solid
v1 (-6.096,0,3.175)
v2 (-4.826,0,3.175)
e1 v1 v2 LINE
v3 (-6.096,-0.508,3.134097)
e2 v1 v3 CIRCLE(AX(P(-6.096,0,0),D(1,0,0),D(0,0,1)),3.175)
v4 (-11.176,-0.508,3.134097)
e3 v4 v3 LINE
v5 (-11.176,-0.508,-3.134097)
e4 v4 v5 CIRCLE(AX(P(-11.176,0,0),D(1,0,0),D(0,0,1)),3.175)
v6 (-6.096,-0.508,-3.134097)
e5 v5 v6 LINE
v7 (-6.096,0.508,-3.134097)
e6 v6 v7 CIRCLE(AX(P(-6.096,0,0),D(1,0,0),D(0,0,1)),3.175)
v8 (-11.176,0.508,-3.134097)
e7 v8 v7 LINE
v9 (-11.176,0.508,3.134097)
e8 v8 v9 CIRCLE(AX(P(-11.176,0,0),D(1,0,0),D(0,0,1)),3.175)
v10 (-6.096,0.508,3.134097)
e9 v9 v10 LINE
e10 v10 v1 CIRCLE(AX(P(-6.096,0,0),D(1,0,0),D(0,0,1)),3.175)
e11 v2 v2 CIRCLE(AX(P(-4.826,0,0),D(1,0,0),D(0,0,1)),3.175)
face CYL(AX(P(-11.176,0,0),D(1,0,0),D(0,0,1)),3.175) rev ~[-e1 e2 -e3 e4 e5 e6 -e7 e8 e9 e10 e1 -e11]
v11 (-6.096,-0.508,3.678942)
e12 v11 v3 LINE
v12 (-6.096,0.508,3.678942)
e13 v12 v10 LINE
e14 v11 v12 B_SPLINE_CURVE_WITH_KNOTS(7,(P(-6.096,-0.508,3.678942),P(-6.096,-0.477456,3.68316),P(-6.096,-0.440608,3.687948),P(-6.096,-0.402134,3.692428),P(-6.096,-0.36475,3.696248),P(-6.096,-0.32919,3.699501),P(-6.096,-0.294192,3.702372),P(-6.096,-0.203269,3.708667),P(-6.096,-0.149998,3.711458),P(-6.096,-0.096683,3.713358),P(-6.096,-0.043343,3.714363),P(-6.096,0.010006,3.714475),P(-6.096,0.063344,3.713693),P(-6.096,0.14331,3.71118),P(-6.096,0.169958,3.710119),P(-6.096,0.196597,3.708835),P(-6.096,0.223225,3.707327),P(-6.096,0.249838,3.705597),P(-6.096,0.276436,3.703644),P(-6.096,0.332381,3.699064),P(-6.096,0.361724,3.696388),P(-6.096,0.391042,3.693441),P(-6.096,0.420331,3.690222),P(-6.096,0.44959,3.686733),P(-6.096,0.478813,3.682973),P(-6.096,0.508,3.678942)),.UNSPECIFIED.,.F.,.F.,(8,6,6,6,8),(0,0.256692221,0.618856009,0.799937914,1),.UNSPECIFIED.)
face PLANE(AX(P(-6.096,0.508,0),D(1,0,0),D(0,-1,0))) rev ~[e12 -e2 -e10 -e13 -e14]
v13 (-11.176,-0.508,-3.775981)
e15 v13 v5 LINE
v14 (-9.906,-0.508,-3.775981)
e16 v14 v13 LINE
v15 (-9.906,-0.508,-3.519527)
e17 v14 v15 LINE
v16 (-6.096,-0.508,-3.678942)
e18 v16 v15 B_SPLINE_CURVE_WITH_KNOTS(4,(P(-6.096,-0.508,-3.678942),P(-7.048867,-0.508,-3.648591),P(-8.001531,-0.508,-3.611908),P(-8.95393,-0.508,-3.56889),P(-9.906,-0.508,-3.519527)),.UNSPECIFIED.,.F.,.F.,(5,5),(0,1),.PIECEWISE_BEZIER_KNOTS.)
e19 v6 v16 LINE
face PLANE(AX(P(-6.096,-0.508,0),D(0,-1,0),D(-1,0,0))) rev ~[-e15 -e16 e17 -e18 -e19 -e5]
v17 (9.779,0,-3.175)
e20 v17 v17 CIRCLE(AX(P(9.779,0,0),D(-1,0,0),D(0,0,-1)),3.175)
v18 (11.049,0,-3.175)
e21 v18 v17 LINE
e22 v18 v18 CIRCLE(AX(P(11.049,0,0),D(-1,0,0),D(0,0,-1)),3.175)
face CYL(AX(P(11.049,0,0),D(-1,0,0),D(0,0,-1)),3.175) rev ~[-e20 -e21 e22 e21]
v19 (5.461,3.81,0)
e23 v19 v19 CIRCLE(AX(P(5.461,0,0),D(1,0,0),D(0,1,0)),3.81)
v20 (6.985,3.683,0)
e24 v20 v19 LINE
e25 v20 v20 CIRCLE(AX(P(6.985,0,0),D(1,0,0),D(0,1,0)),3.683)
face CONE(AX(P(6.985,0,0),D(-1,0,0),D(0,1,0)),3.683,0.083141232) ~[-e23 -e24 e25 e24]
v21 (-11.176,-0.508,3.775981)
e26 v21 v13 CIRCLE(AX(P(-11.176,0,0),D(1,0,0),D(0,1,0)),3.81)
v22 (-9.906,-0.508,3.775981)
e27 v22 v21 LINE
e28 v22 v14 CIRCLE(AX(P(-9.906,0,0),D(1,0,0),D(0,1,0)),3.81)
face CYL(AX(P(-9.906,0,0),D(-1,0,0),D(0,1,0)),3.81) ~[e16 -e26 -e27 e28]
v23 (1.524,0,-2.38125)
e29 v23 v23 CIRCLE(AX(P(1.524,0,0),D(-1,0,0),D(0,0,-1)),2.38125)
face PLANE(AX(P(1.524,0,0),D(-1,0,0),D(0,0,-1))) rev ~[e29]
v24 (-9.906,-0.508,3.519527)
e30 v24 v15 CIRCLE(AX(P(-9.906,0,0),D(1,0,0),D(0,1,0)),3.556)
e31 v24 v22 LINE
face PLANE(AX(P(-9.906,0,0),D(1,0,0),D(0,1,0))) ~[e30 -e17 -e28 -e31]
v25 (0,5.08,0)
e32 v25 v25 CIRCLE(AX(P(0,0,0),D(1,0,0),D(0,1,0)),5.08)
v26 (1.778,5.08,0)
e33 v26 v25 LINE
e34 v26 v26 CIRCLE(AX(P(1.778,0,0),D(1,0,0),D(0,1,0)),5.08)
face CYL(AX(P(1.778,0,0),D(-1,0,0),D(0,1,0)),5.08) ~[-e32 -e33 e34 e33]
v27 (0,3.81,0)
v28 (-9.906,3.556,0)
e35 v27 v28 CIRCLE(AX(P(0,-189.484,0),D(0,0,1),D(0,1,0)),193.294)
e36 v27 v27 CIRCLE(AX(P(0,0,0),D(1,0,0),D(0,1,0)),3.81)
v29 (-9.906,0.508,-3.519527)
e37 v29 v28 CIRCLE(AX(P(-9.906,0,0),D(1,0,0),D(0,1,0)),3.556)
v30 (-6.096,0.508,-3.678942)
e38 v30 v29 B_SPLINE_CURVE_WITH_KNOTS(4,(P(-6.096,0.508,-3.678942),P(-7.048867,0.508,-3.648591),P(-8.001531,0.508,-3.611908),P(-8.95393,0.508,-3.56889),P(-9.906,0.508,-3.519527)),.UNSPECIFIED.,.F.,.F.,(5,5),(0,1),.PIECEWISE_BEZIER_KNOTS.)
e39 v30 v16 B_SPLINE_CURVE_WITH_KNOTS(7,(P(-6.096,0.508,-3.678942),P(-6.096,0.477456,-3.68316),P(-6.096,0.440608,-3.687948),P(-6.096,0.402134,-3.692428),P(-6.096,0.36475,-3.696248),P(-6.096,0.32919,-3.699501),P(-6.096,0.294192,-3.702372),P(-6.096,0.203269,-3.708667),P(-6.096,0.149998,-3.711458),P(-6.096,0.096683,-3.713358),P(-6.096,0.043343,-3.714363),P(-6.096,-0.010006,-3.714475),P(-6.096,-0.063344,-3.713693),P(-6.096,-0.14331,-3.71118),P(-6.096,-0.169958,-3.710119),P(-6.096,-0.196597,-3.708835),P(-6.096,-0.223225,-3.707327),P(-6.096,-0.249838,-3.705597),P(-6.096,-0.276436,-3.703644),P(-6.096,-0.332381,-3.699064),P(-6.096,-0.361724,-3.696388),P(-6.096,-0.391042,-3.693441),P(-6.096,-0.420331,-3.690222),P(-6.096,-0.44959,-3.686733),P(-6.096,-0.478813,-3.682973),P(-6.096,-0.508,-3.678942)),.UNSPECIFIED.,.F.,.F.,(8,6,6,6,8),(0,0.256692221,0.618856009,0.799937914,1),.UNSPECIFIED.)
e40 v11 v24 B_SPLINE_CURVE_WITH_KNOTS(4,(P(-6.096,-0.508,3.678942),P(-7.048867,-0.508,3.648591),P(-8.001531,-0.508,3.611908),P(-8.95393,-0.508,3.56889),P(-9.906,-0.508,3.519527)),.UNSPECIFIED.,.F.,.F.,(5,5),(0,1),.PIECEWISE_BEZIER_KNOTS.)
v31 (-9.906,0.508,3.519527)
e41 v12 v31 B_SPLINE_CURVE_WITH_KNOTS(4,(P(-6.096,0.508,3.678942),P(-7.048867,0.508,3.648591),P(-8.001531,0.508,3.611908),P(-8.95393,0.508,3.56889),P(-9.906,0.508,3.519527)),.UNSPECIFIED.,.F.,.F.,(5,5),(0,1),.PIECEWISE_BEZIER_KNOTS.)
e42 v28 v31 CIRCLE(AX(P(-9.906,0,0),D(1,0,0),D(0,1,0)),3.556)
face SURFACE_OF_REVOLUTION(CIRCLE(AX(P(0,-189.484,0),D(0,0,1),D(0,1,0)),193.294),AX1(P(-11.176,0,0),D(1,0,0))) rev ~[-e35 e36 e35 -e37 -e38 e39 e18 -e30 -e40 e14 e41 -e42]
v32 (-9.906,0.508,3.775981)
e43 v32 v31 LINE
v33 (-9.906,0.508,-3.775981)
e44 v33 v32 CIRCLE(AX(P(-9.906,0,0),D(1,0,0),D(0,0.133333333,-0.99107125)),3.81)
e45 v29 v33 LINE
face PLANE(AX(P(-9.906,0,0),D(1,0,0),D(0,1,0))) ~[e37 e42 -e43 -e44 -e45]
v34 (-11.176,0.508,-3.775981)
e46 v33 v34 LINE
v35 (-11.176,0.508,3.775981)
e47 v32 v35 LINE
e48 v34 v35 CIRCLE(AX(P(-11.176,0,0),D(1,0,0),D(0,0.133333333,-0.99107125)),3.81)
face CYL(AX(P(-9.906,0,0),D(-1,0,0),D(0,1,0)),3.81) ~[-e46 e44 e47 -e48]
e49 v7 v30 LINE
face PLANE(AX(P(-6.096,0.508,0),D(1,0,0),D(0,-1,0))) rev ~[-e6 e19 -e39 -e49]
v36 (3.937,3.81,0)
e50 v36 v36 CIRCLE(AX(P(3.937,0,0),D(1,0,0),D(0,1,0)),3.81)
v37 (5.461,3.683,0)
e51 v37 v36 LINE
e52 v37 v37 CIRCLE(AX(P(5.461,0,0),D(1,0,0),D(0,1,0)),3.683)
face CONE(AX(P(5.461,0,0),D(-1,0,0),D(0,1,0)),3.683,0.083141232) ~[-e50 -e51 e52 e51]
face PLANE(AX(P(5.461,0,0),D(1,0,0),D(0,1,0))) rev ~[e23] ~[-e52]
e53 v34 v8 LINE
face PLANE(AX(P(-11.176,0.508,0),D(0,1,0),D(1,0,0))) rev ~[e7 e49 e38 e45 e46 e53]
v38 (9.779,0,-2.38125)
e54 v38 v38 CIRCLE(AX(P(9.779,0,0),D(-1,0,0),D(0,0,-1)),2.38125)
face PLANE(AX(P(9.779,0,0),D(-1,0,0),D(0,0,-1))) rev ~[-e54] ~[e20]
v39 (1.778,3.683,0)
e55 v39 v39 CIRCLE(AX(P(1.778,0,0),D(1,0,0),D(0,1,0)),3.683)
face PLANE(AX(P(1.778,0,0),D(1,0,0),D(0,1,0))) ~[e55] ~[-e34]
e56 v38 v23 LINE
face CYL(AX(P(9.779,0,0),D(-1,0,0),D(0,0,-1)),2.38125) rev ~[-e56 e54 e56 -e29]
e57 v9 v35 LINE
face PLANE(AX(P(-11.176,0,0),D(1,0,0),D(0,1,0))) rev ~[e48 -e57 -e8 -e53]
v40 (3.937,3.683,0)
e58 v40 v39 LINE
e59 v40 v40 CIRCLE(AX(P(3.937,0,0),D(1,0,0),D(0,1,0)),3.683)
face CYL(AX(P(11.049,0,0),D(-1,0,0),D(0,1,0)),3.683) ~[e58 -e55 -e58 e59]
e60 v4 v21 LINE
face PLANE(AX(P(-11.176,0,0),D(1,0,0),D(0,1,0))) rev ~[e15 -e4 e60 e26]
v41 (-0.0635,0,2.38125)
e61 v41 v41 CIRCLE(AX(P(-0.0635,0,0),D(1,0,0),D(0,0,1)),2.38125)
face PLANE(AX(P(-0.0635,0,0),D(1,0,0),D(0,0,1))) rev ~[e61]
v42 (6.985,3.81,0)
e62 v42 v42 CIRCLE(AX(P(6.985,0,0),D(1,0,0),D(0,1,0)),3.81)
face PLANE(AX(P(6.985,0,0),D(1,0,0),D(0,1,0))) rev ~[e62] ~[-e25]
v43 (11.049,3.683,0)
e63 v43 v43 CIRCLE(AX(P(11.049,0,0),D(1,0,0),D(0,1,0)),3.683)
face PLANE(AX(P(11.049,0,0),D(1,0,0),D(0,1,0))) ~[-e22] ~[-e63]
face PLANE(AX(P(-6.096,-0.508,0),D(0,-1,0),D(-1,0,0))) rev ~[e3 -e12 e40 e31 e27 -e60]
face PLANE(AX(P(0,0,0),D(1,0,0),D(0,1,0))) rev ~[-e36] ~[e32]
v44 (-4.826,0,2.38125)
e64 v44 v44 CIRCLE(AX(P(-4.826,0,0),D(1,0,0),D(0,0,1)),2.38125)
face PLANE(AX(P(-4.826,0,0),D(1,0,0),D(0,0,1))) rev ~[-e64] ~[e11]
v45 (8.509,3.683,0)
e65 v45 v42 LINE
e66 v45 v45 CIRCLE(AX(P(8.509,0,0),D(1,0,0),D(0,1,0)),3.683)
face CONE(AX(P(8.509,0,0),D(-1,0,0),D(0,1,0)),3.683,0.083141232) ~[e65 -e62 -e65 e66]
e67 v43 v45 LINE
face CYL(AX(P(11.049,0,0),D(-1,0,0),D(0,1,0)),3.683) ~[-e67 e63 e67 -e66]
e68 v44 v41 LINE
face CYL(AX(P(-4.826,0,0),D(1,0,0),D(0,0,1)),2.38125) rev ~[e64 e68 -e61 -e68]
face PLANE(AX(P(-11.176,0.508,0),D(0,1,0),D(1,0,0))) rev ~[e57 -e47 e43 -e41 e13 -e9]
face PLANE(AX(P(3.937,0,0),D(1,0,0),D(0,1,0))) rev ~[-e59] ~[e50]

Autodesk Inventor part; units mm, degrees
ref_plane "YZ Plane" through (0, 0, 0) normal (1, 0, 0) x (0, 1, 0)
ref_plane "XZ Plane" through (0, 0, 0) normal (0, 1, 0) x (-1, 0, 0)
ref_plane "XY Plane" through (0, 0, 0) normal (0, 0, 1) x (1, 0, 0)
sketch "Sketch1" plane through (0, 0, 0) normal (0, 0, 1) x (1, 0, 0)
  line L0 (0, 0) -> (1.778, 0)
  line L1 (1.778, 0) -> (1.778, 5.08)
  line L2 (1.778, 5.08) -> (0, 5.08)
  line L3 (0, 5.08) -> (0, 0)
  line L4 (1.778, 0) -> (11.049, 0)
  line L5 (11.049, 0) -> (11.049, 3.683)
  line L6 (11.049, 3.683) -> (1.778, 3.683)
  line L7 (1.778, 3.683) -> (1.778, 0)
  line L8 (8.509, 3.683) -> (6.985, 3.81)
  line L9 (6.985, 3.81) -> (6.985, 3.683)
  line L10 (6.985, 3.683) -> (5.461, 3.81)
  line L11 (5.461, 3.81) -> (5.461, 3.683)
  line L12 (5.461, 3.683) -> (3.937, 3.81)
  line L13 (3.937, 3.81) -> (3.937, 3.683)
  line L14 (0, 0) -> (0, 3.1252)
  line L15 (0, 3.81) -> (0.889, 3.81) construction
  line L16 (0, 3.81) -> (0, 0)
  arc A0 (0, 3.81) -> (-9.906, 3.556) centre (0, -189.484) ccw
  line L17 (-9.906, 3.556) -> (-9.906, 3.81)
  line L18 (-9.906, 3.81) -> (-11.176, 3.81)
  line L19 (-11.176, 3.81) -> (-11.176, 0)
  line L20 (-11.176, 0) -> (0, 0)
  dimension "d0" = 1.778
  dimension "d1" = 10.16
  dimension "d2" = 9.271
  dimension "d3" = 7.366
  dimension "d4" = 7.62
  dimension "d5" = 2.54
  dimension "d6" = 1.524
  dimension "d7" = 7.62
  dimension "d8" = 7.62
  dimension "d9" = 11.176
  dimension "d10" = 7.112
  dimension "d11" = 1.27
revolve "Revolution1" add sketch "Sketch1" angle 360 about axis through (-11.176, 0, 0) along (1, 0, 0)
sketch "Sketch2" plane through (0, 0, 0) normal (0, 0, 1) x (1, 0, 0)
  line L0 (-11.176, 0.508) -> (-6.096, 0.508)
  line L1 (-6.096, 0.508) -> (-6.096, -0.508)
  line L2 (-6.096, -0.508) -> (-11.176, -0.508)
  line L3 (-11.176, -0.508) -> (-11.176, 0.508)
  line L4 (-11.176, -3.81) -> (-11.176, 3.81) construction
  point P0 (0, 0)
  point P1 (-11.176, 0)
  dimension "d13" = 1.016
  dimension "d14" = 5.08
extrude "Extrusion1" cut sketch "Sketch2" along normal through all both and the other way through all
hole "Hole1" at (-11.176, 0, 0) direction (1, 0, 0) diameter 4.7625 depth 11.1125 counterbore diameter 6.35 counterbore depth 6.35
hole "Hole2" at (11.049, 0, 0) direction (-1, 0, 0) diameter 4.7625 depth 9.525 counterbore diameter 6.35 counterbore depth 1.27
equation "\"d8\" = d7"
properties part number "T9 Axle"
